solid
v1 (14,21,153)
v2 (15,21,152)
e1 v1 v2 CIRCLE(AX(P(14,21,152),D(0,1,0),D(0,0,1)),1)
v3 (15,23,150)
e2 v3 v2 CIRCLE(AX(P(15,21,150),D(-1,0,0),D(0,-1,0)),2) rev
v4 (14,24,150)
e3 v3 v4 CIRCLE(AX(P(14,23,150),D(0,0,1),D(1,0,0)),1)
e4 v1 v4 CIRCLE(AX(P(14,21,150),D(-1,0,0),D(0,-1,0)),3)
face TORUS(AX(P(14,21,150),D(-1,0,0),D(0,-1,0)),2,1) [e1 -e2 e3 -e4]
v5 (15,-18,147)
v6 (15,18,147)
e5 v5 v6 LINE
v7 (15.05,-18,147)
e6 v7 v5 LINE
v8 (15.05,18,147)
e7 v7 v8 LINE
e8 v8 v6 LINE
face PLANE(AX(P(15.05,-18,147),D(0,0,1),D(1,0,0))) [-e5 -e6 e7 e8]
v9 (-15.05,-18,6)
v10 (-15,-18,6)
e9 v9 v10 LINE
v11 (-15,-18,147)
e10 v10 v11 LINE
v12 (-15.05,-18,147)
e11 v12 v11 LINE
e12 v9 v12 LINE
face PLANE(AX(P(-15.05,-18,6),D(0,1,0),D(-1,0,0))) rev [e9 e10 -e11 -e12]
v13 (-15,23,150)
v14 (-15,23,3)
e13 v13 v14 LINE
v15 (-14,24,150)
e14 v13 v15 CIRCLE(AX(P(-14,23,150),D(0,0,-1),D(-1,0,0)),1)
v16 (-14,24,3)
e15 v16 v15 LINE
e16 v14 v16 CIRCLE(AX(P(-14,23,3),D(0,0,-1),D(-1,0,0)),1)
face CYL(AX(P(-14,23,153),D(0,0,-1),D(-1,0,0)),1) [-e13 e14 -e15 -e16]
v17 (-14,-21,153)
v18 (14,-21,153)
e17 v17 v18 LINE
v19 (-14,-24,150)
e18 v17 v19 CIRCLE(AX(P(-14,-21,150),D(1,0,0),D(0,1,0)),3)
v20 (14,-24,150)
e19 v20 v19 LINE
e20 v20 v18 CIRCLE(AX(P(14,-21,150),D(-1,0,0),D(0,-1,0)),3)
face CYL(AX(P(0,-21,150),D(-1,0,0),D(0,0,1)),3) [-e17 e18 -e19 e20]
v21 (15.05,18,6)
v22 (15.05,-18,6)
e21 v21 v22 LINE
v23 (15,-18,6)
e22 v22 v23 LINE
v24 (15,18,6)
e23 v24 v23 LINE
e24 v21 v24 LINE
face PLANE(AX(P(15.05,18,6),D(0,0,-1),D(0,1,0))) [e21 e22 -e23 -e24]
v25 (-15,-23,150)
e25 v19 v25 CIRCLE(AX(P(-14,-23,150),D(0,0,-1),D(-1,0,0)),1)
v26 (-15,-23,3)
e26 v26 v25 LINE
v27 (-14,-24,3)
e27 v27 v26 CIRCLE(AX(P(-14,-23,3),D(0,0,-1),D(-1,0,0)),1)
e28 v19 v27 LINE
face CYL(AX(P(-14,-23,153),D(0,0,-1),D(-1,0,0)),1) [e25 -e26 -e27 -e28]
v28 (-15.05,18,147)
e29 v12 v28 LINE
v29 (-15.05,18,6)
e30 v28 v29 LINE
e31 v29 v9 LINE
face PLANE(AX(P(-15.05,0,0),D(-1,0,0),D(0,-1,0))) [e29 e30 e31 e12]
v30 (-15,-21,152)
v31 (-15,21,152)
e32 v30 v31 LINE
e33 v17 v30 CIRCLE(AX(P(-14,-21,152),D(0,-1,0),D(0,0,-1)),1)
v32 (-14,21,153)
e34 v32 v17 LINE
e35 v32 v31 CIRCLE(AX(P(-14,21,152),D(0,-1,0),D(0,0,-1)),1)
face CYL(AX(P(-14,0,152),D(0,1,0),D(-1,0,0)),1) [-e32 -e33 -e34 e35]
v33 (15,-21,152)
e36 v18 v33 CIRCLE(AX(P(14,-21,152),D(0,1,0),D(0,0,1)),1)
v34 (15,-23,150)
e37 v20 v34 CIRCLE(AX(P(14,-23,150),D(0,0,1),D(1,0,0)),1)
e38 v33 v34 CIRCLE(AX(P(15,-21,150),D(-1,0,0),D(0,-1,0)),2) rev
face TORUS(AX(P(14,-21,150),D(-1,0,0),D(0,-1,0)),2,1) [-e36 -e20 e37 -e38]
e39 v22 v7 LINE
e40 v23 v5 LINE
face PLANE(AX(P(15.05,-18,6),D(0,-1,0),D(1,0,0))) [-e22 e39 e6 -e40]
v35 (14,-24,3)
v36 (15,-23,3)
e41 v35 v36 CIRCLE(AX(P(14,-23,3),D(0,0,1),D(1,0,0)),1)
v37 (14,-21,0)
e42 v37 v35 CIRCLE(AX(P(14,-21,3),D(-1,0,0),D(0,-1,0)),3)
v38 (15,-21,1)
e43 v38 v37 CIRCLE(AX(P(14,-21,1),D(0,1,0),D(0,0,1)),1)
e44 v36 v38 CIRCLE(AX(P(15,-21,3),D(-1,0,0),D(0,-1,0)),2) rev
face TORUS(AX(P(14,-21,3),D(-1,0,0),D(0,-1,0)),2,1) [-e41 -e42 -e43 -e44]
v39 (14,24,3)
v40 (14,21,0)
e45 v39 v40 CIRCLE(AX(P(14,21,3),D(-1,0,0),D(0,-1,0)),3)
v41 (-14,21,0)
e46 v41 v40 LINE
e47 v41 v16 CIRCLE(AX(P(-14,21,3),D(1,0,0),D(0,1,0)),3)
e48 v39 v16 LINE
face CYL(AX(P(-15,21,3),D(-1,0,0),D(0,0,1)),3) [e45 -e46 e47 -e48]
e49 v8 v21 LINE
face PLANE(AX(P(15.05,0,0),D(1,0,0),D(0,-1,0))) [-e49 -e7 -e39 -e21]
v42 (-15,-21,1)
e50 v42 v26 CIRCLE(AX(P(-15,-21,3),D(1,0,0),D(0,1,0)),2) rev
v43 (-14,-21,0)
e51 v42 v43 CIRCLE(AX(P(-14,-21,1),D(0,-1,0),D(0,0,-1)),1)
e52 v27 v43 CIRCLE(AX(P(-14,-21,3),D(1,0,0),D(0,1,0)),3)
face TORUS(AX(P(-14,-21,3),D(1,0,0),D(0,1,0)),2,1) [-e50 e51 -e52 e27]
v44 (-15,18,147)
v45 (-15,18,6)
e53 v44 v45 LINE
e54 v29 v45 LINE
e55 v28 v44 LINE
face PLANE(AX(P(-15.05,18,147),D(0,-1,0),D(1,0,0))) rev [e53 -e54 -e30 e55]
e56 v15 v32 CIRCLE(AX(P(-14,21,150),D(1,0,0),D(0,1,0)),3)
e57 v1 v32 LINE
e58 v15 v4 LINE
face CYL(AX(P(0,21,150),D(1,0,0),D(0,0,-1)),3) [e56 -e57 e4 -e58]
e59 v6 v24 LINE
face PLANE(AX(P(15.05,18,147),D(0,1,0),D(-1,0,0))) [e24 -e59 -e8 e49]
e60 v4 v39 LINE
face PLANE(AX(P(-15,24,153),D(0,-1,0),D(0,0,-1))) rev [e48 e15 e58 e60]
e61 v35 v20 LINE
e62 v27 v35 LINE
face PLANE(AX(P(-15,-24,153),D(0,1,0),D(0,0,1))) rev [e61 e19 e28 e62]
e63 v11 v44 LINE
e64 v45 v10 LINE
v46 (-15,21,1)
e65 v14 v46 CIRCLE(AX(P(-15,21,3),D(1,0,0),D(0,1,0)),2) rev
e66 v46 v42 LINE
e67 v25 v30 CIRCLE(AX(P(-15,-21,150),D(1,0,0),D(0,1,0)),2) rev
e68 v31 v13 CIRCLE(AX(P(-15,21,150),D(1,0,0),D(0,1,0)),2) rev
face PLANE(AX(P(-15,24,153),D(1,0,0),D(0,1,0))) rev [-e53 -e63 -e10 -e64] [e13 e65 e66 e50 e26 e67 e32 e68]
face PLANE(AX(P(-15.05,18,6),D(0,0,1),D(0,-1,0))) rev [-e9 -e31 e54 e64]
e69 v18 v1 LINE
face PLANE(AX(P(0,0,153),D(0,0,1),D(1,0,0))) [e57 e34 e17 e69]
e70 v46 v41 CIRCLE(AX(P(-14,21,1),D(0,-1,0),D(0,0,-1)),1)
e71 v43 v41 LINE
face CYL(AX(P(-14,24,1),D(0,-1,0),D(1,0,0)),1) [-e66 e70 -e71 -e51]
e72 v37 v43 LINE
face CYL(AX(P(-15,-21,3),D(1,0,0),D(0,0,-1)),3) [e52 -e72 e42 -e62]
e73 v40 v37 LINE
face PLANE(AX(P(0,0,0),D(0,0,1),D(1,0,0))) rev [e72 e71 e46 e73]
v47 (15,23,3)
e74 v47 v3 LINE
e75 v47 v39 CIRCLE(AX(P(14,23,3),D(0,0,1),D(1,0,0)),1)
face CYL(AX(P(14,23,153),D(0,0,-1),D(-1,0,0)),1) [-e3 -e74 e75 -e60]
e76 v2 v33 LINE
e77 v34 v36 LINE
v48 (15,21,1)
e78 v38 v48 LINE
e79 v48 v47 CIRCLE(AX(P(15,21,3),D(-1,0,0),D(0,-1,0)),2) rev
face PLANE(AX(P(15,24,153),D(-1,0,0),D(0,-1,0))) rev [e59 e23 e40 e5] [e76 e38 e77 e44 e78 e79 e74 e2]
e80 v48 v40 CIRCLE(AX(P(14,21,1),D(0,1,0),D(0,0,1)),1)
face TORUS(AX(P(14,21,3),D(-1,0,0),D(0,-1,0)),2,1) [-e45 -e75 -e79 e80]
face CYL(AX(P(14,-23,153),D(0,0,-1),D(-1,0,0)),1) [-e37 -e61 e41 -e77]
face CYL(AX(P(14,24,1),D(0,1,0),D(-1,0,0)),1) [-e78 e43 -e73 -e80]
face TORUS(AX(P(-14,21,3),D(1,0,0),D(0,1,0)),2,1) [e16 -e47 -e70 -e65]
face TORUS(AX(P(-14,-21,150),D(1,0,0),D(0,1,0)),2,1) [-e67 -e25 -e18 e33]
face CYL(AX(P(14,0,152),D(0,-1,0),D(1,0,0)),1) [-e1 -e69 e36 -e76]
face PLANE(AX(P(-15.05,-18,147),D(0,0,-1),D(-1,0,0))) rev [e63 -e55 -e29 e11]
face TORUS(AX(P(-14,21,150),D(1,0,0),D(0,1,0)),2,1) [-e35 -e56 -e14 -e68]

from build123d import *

# Parameters (mm, degrees)
SKETCH1_W           = 30
SKETCH1_H           = 48
BOSS_EXTRUDE1_DEPTH = 153
FILLET1_R           = 3
FILLET2_R           = 1
SKETCH2_W           = 141
SKETCH2_H           = 36
BOSS_EXTRUDE2_DEPTH = 0.05


with BuildPart() as part:
    # Sketch1 → Boss-Extrude1 (new body)
    with BuildSketch(Plane.XY):
        Rectangle(SKETCH1_W, SKETCH1_H)
    extrude(amount=BOSS_EXTRUDE1_DEPTH)

    # Fillet1
    fillet1_edges = [part.edges().sort_by_distance(p)[0] for p in [
        (0, -24, 153),
        (0, -24, 0),
        (0, 24, 0),
        (0, 24, 153),
    ]]
    fillet(fillet1_edges, radius=FILLET1_R)

    # Fillet2
    fillet2_edges = [part.edges().sort_by_distance(p)[0] for p in [
        (15, 0, 153),
        (-15, 0, 153),
        (15, 0, 0),
        (15, 24, 76.5),
        (15, -24, 76.5),
        (15, 23.121320344, 152.121320344),
        (15, 23.121320344, 0.878679656),
        (15, -23.121320344, 0.878679656),
        (15, -23.121320344, 152.121320344),
        (-15, -24, 76.5),
        (-15, 0, 0),
        (-15, 24, 76.5),
        (-15, 23.121320344, 152.121320344),
        (-15, 23.121320344, 0.878679656),
        (-15, -23.121320344, 0.878679656),
        (-15, -23.121320344, 152.121320344),
    ]]
    fillet(fillet2_edges, radius=FILLET2_R)

    # Sketch2 → Boss-Extrude2 (add)
    with BuildSketch(Plane.ZY.offset(15)):
        with Locations((76.5, 0)):
            Rectangle(SKETCH2_W, SKETCH2_H)
    boss_extrude2 = extrude(amount=BOSS_EXTRUDE2_DEPTH)

    # Mirror1: Boss-Extrude2 across plane
    add(boss_extrude2.mirror(Plane(origin=(0, 0, 0), x_dir=(0, 0, 1), z_dir=(1, 0, 0))))


solid = part.part
